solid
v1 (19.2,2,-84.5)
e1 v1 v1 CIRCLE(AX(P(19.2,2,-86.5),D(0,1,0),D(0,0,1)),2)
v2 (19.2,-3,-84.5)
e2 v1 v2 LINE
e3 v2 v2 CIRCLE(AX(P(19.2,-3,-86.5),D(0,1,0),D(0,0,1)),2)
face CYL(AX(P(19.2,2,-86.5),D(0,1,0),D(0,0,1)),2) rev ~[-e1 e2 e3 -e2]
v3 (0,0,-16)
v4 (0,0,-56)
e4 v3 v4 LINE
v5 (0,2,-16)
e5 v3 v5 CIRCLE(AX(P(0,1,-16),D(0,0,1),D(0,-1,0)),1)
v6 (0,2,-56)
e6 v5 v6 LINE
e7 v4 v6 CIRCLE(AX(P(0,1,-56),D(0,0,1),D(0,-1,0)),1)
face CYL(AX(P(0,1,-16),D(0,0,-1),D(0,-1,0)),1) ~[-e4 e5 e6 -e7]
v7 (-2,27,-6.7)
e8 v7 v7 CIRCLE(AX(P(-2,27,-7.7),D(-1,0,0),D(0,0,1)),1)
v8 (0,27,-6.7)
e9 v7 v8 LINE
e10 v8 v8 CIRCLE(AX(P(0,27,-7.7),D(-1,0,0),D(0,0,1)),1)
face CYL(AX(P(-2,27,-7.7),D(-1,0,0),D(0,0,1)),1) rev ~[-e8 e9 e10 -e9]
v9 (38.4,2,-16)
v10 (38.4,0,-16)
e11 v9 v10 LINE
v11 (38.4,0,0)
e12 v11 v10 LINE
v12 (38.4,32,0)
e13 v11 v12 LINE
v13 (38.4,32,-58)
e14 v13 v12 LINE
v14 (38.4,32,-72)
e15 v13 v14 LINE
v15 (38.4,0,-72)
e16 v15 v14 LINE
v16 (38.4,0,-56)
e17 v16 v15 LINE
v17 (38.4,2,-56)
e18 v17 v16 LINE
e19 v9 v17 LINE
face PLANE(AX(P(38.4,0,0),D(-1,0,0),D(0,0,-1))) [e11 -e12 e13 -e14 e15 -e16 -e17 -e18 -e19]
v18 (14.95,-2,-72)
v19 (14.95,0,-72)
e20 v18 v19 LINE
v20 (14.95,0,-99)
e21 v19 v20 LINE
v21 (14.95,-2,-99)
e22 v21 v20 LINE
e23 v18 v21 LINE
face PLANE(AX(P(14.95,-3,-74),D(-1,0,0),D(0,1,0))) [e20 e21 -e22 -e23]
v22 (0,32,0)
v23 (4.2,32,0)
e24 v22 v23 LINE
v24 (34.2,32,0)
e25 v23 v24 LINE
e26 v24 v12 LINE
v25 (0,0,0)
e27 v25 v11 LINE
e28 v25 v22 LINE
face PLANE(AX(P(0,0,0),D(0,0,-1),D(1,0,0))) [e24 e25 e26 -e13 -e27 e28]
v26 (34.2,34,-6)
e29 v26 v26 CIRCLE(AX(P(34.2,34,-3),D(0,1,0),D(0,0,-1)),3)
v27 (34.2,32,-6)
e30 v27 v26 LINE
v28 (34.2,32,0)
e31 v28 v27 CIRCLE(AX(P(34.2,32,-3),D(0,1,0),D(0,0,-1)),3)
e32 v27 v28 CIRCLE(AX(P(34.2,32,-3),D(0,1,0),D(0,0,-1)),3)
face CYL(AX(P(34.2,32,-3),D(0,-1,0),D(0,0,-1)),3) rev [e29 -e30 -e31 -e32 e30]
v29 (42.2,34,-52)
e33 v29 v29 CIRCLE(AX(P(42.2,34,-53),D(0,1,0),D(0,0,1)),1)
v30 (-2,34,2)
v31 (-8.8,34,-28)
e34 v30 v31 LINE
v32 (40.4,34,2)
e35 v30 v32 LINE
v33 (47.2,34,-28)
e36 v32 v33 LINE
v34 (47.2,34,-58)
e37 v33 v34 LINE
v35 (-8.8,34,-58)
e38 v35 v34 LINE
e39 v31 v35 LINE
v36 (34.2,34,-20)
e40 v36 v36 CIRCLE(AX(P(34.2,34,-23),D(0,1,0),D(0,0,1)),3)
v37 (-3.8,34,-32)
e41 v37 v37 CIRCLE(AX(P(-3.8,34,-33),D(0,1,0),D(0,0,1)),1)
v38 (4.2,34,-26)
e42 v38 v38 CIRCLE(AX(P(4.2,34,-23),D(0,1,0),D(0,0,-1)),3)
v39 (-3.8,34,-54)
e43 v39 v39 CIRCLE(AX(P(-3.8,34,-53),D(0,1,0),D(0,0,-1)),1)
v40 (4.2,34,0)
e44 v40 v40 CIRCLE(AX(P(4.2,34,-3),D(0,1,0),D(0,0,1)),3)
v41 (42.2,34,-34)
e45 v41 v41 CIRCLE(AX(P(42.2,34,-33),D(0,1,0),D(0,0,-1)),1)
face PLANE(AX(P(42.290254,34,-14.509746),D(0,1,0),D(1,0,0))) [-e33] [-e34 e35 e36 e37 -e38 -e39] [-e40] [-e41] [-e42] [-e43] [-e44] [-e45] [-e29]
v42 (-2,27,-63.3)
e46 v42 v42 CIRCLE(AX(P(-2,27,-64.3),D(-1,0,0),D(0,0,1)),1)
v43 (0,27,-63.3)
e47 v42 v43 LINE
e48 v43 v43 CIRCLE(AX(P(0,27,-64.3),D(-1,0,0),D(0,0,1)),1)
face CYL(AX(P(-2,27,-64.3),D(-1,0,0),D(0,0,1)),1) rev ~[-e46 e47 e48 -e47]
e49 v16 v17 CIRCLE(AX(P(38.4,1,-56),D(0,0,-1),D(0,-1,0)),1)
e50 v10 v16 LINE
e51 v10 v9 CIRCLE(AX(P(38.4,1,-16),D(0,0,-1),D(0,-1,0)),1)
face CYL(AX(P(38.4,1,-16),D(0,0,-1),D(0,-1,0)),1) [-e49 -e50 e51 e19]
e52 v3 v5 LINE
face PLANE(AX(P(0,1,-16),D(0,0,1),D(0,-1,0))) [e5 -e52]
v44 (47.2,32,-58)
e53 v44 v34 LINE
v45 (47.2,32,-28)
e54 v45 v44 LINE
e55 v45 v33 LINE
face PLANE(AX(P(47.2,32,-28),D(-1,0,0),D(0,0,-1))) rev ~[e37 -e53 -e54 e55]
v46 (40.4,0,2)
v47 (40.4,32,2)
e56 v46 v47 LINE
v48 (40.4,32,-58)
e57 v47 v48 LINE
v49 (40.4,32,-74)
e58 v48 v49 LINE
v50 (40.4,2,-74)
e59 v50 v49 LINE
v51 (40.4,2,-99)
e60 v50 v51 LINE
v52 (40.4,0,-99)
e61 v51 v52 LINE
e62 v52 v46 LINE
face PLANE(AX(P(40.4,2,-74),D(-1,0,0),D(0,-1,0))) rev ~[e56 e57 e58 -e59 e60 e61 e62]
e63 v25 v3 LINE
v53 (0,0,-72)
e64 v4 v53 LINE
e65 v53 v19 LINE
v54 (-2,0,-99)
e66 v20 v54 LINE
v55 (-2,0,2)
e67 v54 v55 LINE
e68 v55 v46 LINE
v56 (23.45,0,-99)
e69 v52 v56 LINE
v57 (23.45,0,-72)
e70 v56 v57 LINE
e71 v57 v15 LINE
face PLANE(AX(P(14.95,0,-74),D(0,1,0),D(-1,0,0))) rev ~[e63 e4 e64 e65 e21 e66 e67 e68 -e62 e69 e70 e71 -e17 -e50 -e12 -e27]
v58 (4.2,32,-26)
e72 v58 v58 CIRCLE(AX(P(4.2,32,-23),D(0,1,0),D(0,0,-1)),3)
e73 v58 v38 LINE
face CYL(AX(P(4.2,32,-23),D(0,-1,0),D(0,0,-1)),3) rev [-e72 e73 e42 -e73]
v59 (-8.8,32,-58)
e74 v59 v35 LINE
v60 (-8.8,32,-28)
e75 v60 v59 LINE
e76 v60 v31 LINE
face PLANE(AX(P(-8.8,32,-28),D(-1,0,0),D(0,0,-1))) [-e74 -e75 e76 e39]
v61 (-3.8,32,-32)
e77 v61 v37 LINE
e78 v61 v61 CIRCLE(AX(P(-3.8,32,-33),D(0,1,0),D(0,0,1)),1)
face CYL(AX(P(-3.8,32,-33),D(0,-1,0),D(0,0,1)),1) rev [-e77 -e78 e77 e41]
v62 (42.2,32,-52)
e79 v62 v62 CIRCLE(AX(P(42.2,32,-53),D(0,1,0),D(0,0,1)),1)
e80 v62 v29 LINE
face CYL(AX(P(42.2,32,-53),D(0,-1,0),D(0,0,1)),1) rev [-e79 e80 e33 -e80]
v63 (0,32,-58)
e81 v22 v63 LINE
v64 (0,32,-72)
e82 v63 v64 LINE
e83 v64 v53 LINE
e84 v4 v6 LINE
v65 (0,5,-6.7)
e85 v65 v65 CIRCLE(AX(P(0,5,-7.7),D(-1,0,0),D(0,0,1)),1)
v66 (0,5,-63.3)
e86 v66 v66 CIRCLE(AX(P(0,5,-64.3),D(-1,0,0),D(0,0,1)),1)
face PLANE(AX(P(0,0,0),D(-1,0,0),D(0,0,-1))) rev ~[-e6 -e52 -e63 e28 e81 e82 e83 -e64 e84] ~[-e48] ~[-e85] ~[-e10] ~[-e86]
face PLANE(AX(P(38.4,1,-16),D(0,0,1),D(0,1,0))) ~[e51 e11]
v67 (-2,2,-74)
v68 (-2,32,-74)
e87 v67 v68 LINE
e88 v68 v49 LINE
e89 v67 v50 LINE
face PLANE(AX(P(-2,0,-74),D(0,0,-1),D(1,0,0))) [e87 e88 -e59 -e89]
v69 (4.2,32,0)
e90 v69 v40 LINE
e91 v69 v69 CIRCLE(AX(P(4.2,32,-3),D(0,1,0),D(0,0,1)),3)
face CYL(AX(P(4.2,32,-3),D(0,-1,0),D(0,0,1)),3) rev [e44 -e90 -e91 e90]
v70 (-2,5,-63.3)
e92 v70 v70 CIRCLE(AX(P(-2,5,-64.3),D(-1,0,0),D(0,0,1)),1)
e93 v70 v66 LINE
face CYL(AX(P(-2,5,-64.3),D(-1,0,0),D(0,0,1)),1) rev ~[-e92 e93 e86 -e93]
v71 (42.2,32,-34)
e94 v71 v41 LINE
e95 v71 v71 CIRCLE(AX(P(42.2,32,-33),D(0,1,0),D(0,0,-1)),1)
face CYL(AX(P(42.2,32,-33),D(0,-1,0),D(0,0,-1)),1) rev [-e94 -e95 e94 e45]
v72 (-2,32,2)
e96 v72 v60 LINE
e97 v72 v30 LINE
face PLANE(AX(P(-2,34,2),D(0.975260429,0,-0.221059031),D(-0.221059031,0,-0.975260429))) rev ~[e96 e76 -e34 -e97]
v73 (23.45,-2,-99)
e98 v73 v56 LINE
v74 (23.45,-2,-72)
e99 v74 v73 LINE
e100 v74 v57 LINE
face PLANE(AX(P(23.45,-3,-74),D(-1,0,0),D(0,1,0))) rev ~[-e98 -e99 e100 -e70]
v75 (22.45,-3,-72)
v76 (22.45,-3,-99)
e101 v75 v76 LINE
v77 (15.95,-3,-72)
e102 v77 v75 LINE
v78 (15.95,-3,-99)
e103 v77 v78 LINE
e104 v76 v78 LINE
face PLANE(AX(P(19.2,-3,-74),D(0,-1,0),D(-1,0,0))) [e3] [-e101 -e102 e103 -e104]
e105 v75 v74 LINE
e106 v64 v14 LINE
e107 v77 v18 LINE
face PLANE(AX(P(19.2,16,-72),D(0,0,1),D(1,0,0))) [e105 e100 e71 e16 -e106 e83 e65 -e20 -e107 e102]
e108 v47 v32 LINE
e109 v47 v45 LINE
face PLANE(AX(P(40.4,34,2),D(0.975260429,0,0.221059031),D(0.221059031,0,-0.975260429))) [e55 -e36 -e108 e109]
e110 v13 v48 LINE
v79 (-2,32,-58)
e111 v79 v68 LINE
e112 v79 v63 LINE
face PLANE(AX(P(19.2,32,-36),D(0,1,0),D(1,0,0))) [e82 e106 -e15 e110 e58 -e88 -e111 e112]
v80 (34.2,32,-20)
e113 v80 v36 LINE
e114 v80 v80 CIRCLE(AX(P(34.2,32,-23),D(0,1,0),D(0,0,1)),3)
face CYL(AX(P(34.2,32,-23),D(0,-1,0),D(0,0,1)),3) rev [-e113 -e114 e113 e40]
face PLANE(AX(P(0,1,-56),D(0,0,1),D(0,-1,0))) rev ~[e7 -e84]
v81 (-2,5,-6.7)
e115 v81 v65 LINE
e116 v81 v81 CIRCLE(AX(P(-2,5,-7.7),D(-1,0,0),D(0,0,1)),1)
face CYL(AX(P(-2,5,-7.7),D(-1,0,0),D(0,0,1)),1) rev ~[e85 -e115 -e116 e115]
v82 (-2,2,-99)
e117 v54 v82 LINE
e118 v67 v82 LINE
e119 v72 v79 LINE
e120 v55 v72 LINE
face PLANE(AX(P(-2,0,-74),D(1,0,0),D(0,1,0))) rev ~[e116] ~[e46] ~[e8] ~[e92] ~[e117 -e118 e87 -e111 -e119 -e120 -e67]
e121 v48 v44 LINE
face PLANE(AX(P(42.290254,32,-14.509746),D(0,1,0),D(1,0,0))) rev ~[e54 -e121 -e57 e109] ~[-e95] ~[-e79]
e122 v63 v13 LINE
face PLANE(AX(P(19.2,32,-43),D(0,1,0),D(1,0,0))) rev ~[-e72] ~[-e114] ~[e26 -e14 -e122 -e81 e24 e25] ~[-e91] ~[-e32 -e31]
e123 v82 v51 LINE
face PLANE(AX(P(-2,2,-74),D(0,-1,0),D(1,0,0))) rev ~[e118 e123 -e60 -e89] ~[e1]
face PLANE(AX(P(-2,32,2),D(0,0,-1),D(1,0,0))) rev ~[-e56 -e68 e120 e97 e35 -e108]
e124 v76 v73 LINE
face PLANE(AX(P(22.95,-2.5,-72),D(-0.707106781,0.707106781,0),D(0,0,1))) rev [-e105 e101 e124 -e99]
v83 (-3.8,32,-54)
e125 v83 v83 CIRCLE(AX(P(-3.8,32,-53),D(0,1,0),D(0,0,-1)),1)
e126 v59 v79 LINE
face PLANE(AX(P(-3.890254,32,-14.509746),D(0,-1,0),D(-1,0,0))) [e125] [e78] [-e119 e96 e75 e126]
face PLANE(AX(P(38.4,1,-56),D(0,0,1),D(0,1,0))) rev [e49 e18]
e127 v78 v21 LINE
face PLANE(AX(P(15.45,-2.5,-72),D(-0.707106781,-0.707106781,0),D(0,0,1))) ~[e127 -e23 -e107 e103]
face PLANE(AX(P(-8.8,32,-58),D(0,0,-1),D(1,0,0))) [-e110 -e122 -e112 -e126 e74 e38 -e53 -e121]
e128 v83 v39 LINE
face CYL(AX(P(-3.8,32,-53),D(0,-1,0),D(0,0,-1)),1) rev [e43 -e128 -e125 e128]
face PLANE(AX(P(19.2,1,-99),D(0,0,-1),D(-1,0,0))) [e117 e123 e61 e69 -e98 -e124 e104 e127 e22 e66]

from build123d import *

# Parameters (mm, degrees)
SKETCH2_W                       = 42.4
SKETCH2_H                       = 76
SKETCH2_W_2                     = 38.4
SKETCH2_H_2                     = 72
BOSS_EXTRUDE4_DEPTH             = 32
SKETCH1_W                       = 42.4
SKETCH1_H                       = 30
SKETCH1_R                       = 3
BOSS_EXTRUDE1_DEPTH             = 2
SKETCH4_W                       = 56
SKETCH4_H                       = 30
SKETCH4_R                       = 1
BOSS_EXTRUDE5_DEPTH             = 2
SKETCH5_R                       = 1
CUT_EXTRUDE1_DEPTH              = 2
SKETCH9_W                       = 20
SKETCH9_H                       = 1
SKETCH11_W                      = 4.25
SKETCH11_H                      = 3
BOSS_EXTRUDE7_DEPTH             = 25
BOSS_EXTRUDE7_DIRECTION_2_REACH = 97.707
SKETCH12_R                      = 2
CUT_EXTRUDE2_DEPTH              = 25
CHAMFER1_SIZE                   = 1
BOSS_EXTRUDE8_DEPTH             = 2


with BuildPart() as part:
    # Sketch2 → Boss-Extrude4 (new body)
    with BuildSketch(Plane(origin=(0, 0, 0), x_dir=(1, 0, 0), z_dir=(0, 1, 0))):
        with Locations((19.2, 36)):
            Rectangle(SKETCH2_W, SKETCH2_H)
        with Locations((19.2, 36)):
            Rectangle(SKETCH2_W_2, SKETCH2_H_2, mode=Mode.SUBTRACT)
    extrude(amount=BOSS_EXTRUDE4_DEPTH)



with BuildPart() as body_2:
    # Sketch1 → Boss-Extrude1 (new body)
    with BuildSketch(Plane(origin=(0, 32, 0), x_dir=(1, 0, 0), z_dir=(0, 1, 0))):
        with Locations((19.2, 13)):
            Rectangle(SKETCH1_W, SKETCH1_H)
        with Locations(Location((4.2, 3, 0), (0, 0, 270))):
            Circle(SKETCH1_R, mode=Mode.SUBTRACT)
        with Locations(Location((34.2, 3, 0), (0, 0, 90))):
            Circle(SKETCH1_R, mode=Mode.SUBTRACT)
        with Locations(Location((34.2, 23, 0), (0, 0, 270))):
            Circle(SKETCH1_R, mode=Mode.SUBTRACT)
        with Locations(Location((4.2, 23, 0), (0, 0, 90))):
            Circle(SKETCH1_R, mode=Mode.SUBTRACT)
    extrude(amount=BOSS_EXTRUDE1_DEPTH)


with BuildPart() as part_1:
    add(part.part)

    add(body_2.part)  # Boss-Extrude5 merges body 2
    # Sketch4 → Boss-Extrude5 (add)
    with BuildSketch(Plane(origin=(0, 32, 0), x_dir=(1, 0, 0), z_dir=(0, 1, 0))):
        with Locations((19.2, 43)):
            Rectangle(SKETCH4_W, SKETCH4_H)
        with Locations(Location((-3.8, 33, 0), (0, 0, 270))):
            Circle(SKETCH4_R, mode=Mode.SUBTRACT)
        with Locations(Location((-3.8, 53, 0), (0, 0, 90))):
            Circle(SKETCH4_R, mode=Mode.SUBTRACT)
        with Locations(Location((42.2, 53, 0), (0, 0, 270))):
            Circle(SKETCH4_R, mode=Mode.SUBTRACT)
        with Locations(Location((42.2, 33, 0), (0, 0, 90))):
            Circle(SKETCH4_R, mode=Mode.SUBTRACT)
    extrude(amount=BOSS_EXTRUDE5_DEPTH)

    # Sketch5 → Cut-Extrude1 (cut)
    with BuildSketch(Plane.ZY.offset(2)):
        with Locations((-7.7, 5)):
            Circle(SKETCH5_R)
        with Locations((-7.7, 27)):
            Circle(SKETCH5_R)
        with Locations((-64.3, 27)):
            Circle(SKETCH5_R)
        with Locations((-64.3, 5)):
            Circle(SKETCH5_R)
    extrude(amount=-CUT_EXTRUDE1_DEPTH, mode=Mode.SUBTRACT)

    # Sketch9 → Revolve1 (revolve)
    with BuildSketch(Plane(origin=(0, 0, 0), x_dir=(0, 0, -1), z_dir=(1, 0, 0))):
        with Locations((46, 0.5)):
            Rectangle(SKETCH9_W, SKETCH9_H)
        with Locations((26, 0.5)):
            Rectangle(SKETCH9_W, SKETCH9_H)
    revolve1 = revolve(axis=Axis((0, 1, -56), (0, 0, 1)))

    # Mirror1: Revolve1 across plane
    add(revolve1.mirror(Plane(origin=(19.2, 0, 0), x_dir=(0, 0, 1), z_dir=(1, 0, 0))))

    # Sketch11 → Boss-Extrude7 (add)
    with BuildSketch(Plane(origin=(0, 0, -74), x_dir=(-1, 0, 0), z_dir=(0, 0, -1))):
        Polygon((-14.95, 0), (2, 0), (2, 2), (-40.4, 2), (-40.4, 0), (-23.45, 0), (-19.2, 0), align=None)
        with Locations((-21.325, -1.5)):
            Rectangle(SKETCH11_W, SKETCH11_H)
        with Locations((-17.075, -1.5)):
            Rectangle(SKETCH11_W, SKETCH11_H)
    extrude(amount=BOSS_EXTRUDE7_DEPTH)

    # Boss-Extrude7 direction 2: up to this face of the body (flat: up to its plane)
    boss_extrude7_direction_2_end = Plane(part_1.part.faces().sort_by_distance((19.2, 16, -72))[0])
    # Sketch11 → Boss-Extrude7 direction 2 (add, up to the picked face)
    with BuildSketch(Plane(origin=(0, 0, -74), x_dir=(-1, 0, 0), z_dir=(0, 0, -1)), mode=Mode.PRIVATE) as boss_extrude7_direction_2_sk1:
        Polygon((-14.95, 0), (2, 0), (2, 2), (-40.4, 2), (-40.4, 0), (-23.45, 0), (-19.2, 0), align=None)
    boss_extrude7_direction_2_tool1 = split(extrude(boss_extrude7_direction_2_sk1.sketch, amount=-BOSS_EXTRUDE7_DIRECTION_2_REACH, mode=Mode.PRIVATE), bisect_by=boss_extrude7_direction_2_end, keep=Keep.BOTH, mode=Mode.PRIVATE)
    # Sketch11 → Boss-Extrude7 direction 2 (add, up to the picked face)
    with BuildSketch(Plane(origin=(0, 0, -74), x_dir=(-1, 0, 0), z_dir=(0, 0, -1)), mode=Mode.PRIVATE) as boss_extrude7_direction_2_sk2:
        with Locations((-21.325, -1.5)):
            Rectangle(SKETCH11_W, SKETCH11_H)
    boss_extrude7_direction_2_tool2 = split(extrude(boss_extrude7_direction_2_sk2.sketch, amount=-BOSS_EXTRUDE7_DIRECTION_2_REACH, mode=Mode.PRIVATE), bisect_by=boss_extrude7_direction_2_end, keep=Keep.BOTH, mode=Mode.PRIVATE)
    # Sketch11 → Boss-Extrude7 direction 2 (add, up to the picked face)
    with BuildSketch(Plane(origin=(0, 0, -74), x_dir=(-1, 0, 0), z_dir=(0, 0, -1)), mode=Mode.PRIVATE) as boss_extrude7_direction_2_sk3:
        with Locations((-17.075, -1.5)):
            Rectangle(SKETCH11_W, SKETCH11_H)
    boss_extrude7_direction_2_tool3 = split(extrude(boss_extrude7_direction_2_sk3.sketch, amount=-BOSS_EXTRUDE7_DIRECTION_2_REACH, mode=Mode.PRIVATE), bisect_by=boss_extrude7_direction_2_end, keep=Keep.BOTH, mode=Mode.PRIVATE)
    add(boss_extrude7_direction_2_tool1.solids().sort_by(Axis((19.2, 1, -74), (0, 0, 1)))[0])
    add(boss_extrude7_direction_2_tool2.solids().sort_by(Axis((21.325, -1.5, -74), (0, 0, 1)))[0])
    add(boss_extrude7_direction_2_tool3.solids().sort_by(Axis((17.075, -1.5, -74), (0, 0, 1)))[0])

    # Sketch12 → Cut-Extrude2 (cut)
    with BuildSketch(Plane(origin=(0, 2, 0), x_dir=(1, 0, 0), z_dir=(0, 1, 0))):
        with Locations(Location((19.2, 86.5, 0), (0, 0, 270))):
            Circle(SKETCH12_R)
    extrude(amount=-CUT_EXTRUDE2_DEPTH, mode=Mode.SUBTRACT)

    # Chamfer1
    chamfer1_edges = [part_1.edges().sort_by_distance(p)[0] for p in [
        (23.45, -3, -85.5),
        (14.95, -3, -85.5),
    ]]
    chamfer(chamfer1_edges, length=CHAMFER1_SIZE)

    # Sketch13 → Boss-Extrude8 (add)
    with BuildSketch(Plane(origin=(0, 34, 0), x_dir=(1, 0, 0), z_dir=(0, 1, 0))):
        Polygon((40.4, -2), (47.2, 28), (40.4, 28), align=None)
        Polygon((-8.8, 28), (-2, 28), (-2, -2), align=None)
    extrude(amount=-BOSS_EXTRUDE8_DEPTH)


solid = part_1.part
